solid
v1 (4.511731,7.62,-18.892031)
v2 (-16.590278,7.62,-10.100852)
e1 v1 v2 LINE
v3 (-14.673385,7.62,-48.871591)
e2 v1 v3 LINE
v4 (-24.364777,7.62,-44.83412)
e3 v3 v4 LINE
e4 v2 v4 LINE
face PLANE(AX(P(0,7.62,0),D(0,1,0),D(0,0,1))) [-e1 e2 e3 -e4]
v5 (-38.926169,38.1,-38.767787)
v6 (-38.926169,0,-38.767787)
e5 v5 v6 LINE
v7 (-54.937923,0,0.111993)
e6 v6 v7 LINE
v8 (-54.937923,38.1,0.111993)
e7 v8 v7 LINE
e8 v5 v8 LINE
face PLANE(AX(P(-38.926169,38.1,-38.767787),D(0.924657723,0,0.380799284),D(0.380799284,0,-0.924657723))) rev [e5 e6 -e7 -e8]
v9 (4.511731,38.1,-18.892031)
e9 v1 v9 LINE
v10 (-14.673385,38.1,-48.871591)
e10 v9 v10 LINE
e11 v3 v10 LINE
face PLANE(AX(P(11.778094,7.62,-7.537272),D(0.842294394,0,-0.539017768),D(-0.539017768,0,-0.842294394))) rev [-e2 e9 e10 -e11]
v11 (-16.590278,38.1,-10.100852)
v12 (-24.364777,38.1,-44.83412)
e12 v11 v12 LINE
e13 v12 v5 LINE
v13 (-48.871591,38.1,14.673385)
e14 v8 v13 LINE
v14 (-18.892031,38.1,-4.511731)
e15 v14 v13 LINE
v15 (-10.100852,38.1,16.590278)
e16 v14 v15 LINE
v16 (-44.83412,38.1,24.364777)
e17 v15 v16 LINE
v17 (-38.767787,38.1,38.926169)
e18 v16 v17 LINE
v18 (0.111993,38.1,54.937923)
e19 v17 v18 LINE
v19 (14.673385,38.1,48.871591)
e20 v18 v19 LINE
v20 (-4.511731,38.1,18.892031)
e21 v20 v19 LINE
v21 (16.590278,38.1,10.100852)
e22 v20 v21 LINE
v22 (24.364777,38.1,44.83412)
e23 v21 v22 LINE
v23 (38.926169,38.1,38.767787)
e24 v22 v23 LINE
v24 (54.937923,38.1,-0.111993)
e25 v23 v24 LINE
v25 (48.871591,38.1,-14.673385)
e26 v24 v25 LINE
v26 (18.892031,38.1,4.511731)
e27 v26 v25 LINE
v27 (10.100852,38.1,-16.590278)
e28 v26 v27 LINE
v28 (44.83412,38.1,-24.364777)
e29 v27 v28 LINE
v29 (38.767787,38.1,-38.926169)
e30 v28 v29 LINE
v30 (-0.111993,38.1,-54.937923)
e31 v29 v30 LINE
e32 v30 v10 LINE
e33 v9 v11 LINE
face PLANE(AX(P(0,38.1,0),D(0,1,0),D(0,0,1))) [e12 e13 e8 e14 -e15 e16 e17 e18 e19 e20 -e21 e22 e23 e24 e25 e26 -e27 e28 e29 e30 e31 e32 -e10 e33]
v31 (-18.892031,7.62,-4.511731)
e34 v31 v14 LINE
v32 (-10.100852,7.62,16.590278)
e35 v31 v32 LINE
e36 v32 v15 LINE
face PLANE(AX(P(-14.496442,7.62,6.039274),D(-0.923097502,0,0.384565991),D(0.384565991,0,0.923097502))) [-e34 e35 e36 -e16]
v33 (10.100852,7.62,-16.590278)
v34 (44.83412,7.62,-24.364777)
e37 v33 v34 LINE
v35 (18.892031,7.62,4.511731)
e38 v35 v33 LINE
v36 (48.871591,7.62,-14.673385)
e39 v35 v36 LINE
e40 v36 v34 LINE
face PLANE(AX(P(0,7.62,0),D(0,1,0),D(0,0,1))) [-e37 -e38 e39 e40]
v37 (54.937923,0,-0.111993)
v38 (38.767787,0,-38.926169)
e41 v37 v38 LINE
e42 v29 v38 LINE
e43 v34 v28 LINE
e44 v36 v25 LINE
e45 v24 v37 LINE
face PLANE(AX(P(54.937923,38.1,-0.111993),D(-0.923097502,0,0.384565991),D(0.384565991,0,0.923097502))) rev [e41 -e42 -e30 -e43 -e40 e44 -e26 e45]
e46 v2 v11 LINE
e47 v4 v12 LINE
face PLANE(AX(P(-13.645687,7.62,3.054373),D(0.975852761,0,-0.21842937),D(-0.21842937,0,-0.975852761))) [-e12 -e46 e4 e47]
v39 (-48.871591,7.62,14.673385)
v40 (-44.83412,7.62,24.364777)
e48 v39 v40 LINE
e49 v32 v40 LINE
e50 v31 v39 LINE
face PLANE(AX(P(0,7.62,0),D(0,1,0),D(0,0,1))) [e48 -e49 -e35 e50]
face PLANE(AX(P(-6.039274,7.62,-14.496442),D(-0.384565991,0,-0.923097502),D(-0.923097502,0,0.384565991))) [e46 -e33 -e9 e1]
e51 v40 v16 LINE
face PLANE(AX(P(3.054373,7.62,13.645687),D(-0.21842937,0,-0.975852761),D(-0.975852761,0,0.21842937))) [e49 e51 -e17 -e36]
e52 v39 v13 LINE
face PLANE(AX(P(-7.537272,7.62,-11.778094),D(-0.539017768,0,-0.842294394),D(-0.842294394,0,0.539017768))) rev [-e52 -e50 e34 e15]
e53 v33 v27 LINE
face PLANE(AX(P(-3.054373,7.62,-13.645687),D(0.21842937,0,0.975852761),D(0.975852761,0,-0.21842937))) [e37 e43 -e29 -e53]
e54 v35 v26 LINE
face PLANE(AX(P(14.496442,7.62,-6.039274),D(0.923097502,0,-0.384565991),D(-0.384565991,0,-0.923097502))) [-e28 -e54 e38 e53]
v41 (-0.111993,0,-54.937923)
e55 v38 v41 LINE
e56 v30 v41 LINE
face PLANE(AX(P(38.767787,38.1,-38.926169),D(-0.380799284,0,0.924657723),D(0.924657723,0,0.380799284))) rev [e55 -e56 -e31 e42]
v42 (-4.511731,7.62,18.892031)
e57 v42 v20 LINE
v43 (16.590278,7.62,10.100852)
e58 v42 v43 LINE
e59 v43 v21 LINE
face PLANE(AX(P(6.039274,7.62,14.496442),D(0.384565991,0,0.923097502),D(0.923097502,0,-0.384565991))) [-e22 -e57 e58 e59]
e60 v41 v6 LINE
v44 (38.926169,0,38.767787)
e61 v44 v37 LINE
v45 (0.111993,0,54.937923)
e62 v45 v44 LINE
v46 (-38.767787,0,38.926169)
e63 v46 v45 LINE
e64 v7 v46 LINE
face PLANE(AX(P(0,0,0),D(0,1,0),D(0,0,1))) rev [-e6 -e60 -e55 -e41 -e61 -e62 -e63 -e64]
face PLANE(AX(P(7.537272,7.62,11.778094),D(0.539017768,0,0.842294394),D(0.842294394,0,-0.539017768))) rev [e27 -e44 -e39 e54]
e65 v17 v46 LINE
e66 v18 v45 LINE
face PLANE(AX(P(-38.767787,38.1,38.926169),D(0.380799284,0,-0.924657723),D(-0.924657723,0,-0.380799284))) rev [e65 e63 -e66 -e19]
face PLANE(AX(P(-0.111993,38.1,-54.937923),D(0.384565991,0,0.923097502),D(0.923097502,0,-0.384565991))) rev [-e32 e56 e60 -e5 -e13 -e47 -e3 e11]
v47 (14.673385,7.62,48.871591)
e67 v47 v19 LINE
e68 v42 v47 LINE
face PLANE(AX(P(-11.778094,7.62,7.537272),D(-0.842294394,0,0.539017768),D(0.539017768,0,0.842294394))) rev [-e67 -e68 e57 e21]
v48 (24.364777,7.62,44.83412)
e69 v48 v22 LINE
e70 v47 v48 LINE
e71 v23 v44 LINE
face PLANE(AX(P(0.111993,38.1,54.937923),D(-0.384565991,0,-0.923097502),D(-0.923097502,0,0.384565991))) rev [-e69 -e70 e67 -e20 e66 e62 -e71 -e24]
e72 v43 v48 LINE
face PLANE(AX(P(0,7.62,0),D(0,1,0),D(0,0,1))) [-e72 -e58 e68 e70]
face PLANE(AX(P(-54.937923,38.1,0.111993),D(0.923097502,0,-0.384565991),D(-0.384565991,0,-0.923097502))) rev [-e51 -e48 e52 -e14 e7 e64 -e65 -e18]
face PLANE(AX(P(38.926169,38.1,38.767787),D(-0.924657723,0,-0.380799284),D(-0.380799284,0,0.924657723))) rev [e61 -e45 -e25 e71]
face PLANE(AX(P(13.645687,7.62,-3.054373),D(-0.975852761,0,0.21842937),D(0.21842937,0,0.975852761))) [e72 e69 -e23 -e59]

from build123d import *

# Parameters (mm, degrees)
BOSS_EXTRUDE1_DEPTH = 38.1
CUT_EXTRUDE1_DEPTH  = 30.48


with BuildPart() as part:
    # Sketch1 → Boss-Extrude1 (new body)
    with BuildSketch(Plane(origin=(0, 0, 0), x_dir=(1, 0, 0), z_dir=(0, 1, 0))):
        Polygon((-0.111992667, 54.937923296), (-38.926168882, 38.767787333), (-54.937923296, -0.111992667), (-38.767787333, -38.926168882), (0.111992667, -54.937923296), (38.926168882, -38.767787333), (54.937923296, 0.111992667), (38.767787333, 38.926168882), align=None)
    extrude(amount=BOSS_EXTRUDE1_DEPTH)

    # Sketch2 → Cut-Extrude1 (cut)
    with BuildSketch(Plane(origin=(0, 38.1, 0), x_dir=(1, 0, 0), z_dir=(0, 1, 0))):
        Polygon((16.590278128, -10.100852389), (-4.511730777, -18.892030932), (14.673385048, -48.8715909), (24.364776501, -44.834119729), align=None)
        Polygon((-10.100852389, -16.590278128), (-18.892030932, 4.511730777), (-48.8715909, -14.673385048), (-44.834119729, -24.364776501), align=None)
        Polygon((-16.590278128, 10.100852389), (4.511730777, 18.892030932), (-14.673385048, 48.8715909), (-24.364776501, 44.834119729), align=None)
        Polygon((10.100852389, 16.590278128), (18.892030932, -4.511730777), (48.8715909, 14.673385048), (44.834119729, 24.364776501), align=None)
    extrude(amount=-CUT_EXTRUDE1_DEPTH, mode=Mode.SUBTRACT)


solid = part.part
